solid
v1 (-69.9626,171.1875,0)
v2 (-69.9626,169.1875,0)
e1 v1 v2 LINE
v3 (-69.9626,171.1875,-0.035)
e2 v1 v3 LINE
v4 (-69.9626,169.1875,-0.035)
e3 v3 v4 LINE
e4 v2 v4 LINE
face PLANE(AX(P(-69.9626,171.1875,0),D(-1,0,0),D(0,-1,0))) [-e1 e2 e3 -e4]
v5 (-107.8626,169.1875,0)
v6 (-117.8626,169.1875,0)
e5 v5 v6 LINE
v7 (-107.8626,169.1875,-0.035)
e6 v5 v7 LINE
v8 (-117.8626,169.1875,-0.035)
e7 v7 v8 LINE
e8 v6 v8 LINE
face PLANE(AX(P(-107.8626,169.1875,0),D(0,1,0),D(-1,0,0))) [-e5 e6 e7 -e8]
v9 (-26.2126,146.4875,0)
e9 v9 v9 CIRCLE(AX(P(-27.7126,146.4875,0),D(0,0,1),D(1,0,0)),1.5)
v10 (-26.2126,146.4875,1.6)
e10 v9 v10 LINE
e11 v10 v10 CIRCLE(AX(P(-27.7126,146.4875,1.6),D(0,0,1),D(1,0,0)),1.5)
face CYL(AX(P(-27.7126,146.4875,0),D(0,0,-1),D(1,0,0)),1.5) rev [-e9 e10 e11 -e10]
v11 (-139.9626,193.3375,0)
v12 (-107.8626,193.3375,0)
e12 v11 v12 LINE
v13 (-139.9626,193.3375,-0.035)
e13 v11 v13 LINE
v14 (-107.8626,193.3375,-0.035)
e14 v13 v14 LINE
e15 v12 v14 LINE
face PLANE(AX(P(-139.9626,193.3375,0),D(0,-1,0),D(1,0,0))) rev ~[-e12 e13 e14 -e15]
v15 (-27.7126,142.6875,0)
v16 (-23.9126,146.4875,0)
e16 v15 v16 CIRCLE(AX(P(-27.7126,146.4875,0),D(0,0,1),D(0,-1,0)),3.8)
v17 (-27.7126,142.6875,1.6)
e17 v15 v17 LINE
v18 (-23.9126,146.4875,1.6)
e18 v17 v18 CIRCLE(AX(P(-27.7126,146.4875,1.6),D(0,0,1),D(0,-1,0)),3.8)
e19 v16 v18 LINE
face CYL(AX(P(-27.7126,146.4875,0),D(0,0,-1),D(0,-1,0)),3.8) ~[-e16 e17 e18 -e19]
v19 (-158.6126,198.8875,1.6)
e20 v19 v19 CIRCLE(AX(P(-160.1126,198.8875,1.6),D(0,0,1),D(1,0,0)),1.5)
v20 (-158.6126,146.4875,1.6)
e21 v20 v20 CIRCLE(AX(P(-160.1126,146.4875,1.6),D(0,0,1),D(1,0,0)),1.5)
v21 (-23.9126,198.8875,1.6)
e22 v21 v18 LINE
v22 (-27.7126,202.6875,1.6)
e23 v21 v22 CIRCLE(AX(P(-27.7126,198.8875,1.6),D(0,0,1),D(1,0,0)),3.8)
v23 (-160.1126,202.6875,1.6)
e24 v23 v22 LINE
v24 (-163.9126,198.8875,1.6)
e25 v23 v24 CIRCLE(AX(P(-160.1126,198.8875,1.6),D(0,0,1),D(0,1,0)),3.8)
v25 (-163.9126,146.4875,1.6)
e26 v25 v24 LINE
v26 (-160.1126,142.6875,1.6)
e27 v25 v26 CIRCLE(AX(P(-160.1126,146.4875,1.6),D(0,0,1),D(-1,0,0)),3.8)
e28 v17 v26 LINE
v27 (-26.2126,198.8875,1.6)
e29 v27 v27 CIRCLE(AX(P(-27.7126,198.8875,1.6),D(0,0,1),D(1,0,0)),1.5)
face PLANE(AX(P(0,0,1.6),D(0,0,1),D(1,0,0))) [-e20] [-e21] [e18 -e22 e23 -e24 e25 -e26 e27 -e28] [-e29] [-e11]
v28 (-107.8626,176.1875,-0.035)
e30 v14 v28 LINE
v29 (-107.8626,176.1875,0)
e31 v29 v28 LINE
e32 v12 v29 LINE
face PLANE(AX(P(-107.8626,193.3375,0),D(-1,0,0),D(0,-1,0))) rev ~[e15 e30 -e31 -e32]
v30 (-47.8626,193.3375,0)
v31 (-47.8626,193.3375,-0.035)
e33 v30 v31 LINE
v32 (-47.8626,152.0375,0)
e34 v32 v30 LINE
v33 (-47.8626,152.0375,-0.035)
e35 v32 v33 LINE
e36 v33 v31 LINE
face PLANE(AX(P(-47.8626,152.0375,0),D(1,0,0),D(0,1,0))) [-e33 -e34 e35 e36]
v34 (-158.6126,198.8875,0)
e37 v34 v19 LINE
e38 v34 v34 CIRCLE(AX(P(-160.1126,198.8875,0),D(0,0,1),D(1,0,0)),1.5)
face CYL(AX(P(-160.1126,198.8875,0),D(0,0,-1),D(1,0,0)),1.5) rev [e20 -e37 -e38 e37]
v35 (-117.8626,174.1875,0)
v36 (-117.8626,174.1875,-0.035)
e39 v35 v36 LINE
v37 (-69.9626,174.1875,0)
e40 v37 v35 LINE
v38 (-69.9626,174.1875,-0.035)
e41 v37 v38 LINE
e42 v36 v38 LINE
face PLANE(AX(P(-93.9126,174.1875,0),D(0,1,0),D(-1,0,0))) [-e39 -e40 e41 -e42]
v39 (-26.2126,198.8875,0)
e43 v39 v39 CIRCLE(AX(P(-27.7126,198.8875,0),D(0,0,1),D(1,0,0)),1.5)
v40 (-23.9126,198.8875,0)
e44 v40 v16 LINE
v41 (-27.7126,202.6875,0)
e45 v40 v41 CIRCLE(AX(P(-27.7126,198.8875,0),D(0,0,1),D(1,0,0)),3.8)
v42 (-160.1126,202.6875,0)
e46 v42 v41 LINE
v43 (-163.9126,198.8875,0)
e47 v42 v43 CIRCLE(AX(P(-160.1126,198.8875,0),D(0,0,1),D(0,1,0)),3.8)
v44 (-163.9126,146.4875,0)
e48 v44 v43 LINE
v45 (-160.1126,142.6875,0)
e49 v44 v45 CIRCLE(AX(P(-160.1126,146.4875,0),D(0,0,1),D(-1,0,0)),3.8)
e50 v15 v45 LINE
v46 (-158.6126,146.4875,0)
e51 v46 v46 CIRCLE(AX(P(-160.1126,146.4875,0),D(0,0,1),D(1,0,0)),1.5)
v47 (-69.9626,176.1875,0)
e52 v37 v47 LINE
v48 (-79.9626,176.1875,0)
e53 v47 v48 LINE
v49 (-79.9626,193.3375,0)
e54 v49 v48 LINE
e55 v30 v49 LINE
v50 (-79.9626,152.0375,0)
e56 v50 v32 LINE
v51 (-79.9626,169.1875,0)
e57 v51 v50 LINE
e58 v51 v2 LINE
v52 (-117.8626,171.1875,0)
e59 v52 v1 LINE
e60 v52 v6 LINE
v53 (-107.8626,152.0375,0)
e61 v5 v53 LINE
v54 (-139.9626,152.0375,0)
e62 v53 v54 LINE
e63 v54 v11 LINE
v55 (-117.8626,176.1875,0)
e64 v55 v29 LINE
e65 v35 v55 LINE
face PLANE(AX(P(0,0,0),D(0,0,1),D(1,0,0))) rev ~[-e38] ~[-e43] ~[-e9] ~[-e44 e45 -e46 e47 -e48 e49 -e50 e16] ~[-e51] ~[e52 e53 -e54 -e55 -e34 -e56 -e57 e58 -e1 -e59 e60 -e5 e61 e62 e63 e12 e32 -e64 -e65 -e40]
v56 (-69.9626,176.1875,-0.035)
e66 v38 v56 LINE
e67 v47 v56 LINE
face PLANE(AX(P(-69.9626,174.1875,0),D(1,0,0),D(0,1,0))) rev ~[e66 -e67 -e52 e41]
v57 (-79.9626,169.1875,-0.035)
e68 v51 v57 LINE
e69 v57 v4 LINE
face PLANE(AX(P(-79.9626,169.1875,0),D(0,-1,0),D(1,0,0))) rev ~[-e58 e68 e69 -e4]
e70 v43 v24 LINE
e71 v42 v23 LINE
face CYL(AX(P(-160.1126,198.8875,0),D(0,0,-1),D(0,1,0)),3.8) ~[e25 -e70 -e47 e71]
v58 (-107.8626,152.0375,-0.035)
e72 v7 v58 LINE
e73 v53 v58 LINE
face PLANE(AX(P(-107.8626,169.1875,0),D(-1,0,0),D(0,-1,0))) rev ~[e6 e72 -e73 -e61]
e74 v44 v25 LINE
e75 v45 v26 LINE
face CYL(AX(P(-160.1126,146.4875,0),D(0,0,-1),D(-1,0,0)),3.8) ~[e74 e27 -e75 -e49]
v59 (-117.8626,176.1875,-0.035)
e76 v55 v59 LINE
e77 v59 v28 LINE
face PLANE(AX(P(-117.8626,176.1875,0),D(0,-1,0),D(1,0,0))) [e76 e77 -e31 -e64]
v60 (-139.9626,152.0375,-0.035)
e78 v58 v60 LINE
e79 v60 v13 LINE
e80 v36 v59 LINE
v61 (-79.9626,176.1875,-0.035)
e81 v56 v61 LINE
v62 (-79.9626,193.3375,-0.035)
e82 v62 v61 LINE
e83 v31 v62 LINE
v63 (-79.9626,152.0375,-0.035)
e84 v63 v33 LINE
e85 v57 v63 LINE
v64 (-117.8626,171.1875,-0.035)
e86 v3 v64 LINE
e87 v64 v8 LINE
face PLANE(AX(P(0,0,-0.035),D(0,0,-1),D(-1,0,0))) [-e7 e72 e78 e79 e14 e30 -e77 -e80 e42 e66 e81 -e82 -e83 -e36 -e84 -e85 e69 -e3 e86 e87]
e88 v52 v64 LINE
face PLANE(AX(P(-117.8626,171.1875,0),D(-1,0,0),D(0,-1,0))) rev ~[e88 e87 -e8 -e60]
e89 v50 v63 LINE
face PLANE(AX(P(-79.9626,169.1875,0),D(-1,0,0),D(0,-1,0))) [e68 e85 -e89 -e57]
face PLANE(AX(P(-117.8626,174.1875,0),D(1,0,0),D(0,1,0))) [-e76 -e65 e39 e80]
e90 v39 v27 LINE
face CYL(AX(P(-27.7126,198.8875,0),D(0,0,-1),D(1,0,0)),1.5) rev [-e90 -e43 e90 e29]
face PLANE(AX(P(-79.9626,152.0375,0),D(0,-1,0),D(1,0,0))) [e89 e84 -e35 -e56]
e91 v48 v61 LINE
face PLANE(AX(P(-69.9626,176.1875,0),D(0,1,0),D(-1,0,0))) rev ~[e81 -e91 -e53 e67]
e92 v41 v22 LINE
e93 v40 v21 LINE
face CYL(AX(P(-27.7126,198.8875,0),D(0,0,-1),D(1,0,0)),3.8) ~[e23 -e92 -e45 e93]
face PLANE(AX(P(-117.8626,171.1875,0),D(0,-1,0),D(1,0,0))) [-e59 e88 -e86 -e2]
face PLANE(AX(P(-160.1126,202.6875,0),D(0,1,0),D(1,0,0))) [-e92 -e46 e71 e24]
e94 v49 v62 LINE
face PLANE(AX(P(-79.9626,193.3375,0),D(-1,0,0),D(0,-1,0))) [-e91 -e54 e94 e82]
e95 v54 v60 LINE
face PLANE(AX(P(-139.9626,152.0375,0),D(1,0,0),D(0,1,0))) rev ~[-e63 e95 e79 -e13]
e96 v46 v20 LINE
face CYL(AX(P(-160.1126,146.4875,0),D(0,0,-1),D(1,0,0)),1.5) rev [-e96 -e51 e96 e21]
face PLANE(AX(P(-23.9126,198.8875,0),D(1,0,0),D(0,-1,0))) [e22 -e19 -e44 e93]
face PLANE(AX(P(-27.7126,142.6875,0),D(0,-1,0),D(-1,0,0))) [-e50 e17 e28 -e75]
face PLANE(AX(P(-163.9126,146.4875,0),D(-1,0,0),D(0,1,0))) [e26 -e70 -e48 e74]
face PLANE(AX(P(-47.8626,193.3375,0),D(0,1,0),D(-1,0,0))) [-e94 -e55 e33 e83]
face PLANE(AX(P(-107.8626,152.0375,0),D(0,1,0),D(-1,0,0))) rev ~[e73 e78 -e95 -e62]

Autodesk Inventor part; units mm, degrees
ref_plane "YZ Plane" through (0, 0, 0) normal (1, 0, 0) x (0, 1, 0)
ref_plane "XZ Plane" through (0, 0, 0) normal (0, 1, 0) x (-1, 0, 0)
ref_plane "XY Plane" through (0, 0, 0) normal (0, 0, 1) x (1, 0, 0)
sketch "Sketch1" plane through (0, 0, 0) normal (0, 0, 1) x (1, 0, 0)
  line L0 (-160.1126, 202.6875) -> (-23.9126, 202.6875)
  line L1 (-23.9126, 202.6875) -> (-23.9126, 142.6875)
  line L2 (-23.9126, 142.6875) -> (-163.9126, 142.6875)
  line L3 (-163.9126, 142.6875) -> (-163.9126, 198.8875)
  circle A0 centre (-160.1126, 198.8875) radius 1.5
  arc A1 (-160.1126, 202.6875) -> (-163.9126, 198.8875) centre (-160.1126, 198.8875) ccw
  line L4 (-163.9126, 172.6875) -> (-23.9126, 172.6875) construction
  line L5 (-93.9126, 142.6875) -> (-93.9126, 202.6875) construction
  circle A2 centre (-160.1126, 146.4875) radius 1.5
  circle A3 centre (-27.7126, 198.8875) radius 1.5
  circle A4 centre (-27.7126, 146.4875) radius 1.5
  arc A5 (-163.9126, 146.4875) -> (-160.1126, 142.6875) centre (-160.1126, 146.4875) ccw
  arc A6 (-23.9126, 198.8875) -> (-27.7126, 202.6875) centre (-27.7126, 198.8875) ccw
  arc A7 (-27.7126, 142.6875) -> (-23.9126, 146.4875) centre (-27.7126, 146.4875) ccw
  point P0 (0, 0)
  point P1 (-163.9126, 202.6875)
  dimension "d0" = 60
  dimension "d1" = 140
  dimension "d2" = 3
  dimension "d3" = 3.8
  dimension "d4" = 3.8
  dimension "d5" = 3.8
extrude "Extrusion1" add sketch "Sketch1" along normal blind 1.6 contours L0 A6 L1 A7 L2 A5 L3 A1
sketch "Sketch2" plane through (0, 0, 0) normal (0, 0, -1) x (-1, 0, 0)
  line L0 (139.9626, 193.3375) -> (107.8626, 193.3375)
  line L1 (107.8626, 193.3375) -> (107.8626, 152.0375) construction
  line L2 (107.8626, 152.0375) -> (139.9626, 152.0375)
  line L3 (139.9626, 152.0375) -> (139.9626, 193.3375)
  line L4 (139.9626, 172.6875) -> (107.8626, 172.6875) construction
  line L5 (117.8626, 176.1875) -> (107.8626, 176.1875)
  line L6 (107.8626, 176.1875) -> (107.8626, 169.1875) construction
  line L7 (107.8626, 169.1875) -> (117.8626, 169.1875)
  line L8 (117.8626, 169.1875) -> (117.8626, 176.1875) construction
  line L9 (117.8626, 176.1875) -> (107.8626, 169.1875) construction
  line L10 (107.8626, 176.1875) -> (117.8626, 169.1875) construction
  line L11 (107.8626, 193.3375) -> (107.8626, 176.1875)
  line L12 (107.8626, 169.1875) -> (107.8626, 152.0375)
  line L13 (93.9126, 174.1875) -> (117.8626, 174.1875)
  line L14 (117.8626, 174.1875) -> (117.8626, 171.1875) construction
  line L15 (117.8626, 171.1875) -> (93.9126, 171.1875)
  line L16 (93.9126, 171.1875) -> (93.9126, 174.1875)
  line L17 (93.9126, 174.1875) -> (117.8626, 171.1875) construction
  line L18 (117.8626, 174.1875) -> (93.9126, 171.1875) construction
  line L19 (117.8626, 174.1875) -> (117.8626, 176.1875)
  line L20 (27.7126, 202.6875) -> (160.1126, 202.6875) projected
  line L21 (160.1126, 142.6875) -> (27.7126, 142.6875) projected
  line L22 (27.7126, 202.6875) -> (160.1126, 202.6875) projected
  line L23 (93.9126, 202.6875) -> (93.9126, 142.6875) construction
  line L24 (163.9126, 198.8875) -> (163.9126, 146.4875) projected
  line L25 (163.9126, 172.6875) -> (23.9126, 172.6875) construction
  line L26 (23.9126, 146.4875) -> (23.9126, 198.8875) projected
  line L27 (123.9126, 193.3375) -> (123.9126, 152.0375) construction
  line L28 (47.8626, 193.3375) -> (79.9626, 193.3375)
  line L29 (79.9626, 193.3375) -> (79.9626, 152.0375) construction
  line L30 (79.9626, 152.0375) -> (47.8626, 152.0375)
  line L31 (47.8626, 152.0375) -> (47.8626, 193.3375)
  line L32 (47.8626, 172.6875) -> (79.9626, 172.6875) construction
  line L33 (69.9626, 176.1875) -> (79.9626, 176.1875)
  line L34 (79.9626, 176.1875) -> (79.9626, 169.1875) construction
  line L35 (79.9626, 169.1875) -> (69.9626, 169.1875)
  line L36 (69.9626, 169.1875) -> (69.9626, 176.1875) construction
  line L37 (69.9626, 176.1875) -> (79.9626, 169.1875) construction
  line L38 (79.9626, 176.1875) -> (69.9626, 169.1875) construction
  line L39 (79.9626, 193.3375) -> (79.9626, 176.1875)
  line L40 (79.9626, 169.1875) -> (79.9626, 152.0375)
  line L41 (93.9126, 174.1875) -> (69.9626, 174.1875)
  line L42 (69.9626, 174.1875) -> (69.9626, 171.1875) construction
  line L43 (69.9626, 171.1875) -> (93.9126, 171.1875)
  line L44 (69.9626, 174.1875) -> (69.9626, 176.1875)
  line L45 (63.9126, 193.3375) -> (63.9126, 152.0375) construction
  line L46 (117.8626, 171.1875) -> (117.8626, 169.1875)
  line L47 (69.9626, 171.1875) -> (69.9626, 169.1875)
  point P0 (0, 0)
  point P1 (112.8626, 172.6875)
  point P2 (105.8876, 172.6875)
  point P3 (93.9126, 172.6875)
  point P4 (74.9626, 172.6875)
  point P5 (81.9376, 172.6875)
  dimension "d8" = 41.3
  dimension "d9" = 32.1
  dimension "d10" = 10
  dimension "d11" = 3
  dimension "d12" = 7
  dimension "d13" = 30
extrude "Extrusion2" add sketch "Sketch2" along normal blind 0.035
properties part number "Phased_array"
